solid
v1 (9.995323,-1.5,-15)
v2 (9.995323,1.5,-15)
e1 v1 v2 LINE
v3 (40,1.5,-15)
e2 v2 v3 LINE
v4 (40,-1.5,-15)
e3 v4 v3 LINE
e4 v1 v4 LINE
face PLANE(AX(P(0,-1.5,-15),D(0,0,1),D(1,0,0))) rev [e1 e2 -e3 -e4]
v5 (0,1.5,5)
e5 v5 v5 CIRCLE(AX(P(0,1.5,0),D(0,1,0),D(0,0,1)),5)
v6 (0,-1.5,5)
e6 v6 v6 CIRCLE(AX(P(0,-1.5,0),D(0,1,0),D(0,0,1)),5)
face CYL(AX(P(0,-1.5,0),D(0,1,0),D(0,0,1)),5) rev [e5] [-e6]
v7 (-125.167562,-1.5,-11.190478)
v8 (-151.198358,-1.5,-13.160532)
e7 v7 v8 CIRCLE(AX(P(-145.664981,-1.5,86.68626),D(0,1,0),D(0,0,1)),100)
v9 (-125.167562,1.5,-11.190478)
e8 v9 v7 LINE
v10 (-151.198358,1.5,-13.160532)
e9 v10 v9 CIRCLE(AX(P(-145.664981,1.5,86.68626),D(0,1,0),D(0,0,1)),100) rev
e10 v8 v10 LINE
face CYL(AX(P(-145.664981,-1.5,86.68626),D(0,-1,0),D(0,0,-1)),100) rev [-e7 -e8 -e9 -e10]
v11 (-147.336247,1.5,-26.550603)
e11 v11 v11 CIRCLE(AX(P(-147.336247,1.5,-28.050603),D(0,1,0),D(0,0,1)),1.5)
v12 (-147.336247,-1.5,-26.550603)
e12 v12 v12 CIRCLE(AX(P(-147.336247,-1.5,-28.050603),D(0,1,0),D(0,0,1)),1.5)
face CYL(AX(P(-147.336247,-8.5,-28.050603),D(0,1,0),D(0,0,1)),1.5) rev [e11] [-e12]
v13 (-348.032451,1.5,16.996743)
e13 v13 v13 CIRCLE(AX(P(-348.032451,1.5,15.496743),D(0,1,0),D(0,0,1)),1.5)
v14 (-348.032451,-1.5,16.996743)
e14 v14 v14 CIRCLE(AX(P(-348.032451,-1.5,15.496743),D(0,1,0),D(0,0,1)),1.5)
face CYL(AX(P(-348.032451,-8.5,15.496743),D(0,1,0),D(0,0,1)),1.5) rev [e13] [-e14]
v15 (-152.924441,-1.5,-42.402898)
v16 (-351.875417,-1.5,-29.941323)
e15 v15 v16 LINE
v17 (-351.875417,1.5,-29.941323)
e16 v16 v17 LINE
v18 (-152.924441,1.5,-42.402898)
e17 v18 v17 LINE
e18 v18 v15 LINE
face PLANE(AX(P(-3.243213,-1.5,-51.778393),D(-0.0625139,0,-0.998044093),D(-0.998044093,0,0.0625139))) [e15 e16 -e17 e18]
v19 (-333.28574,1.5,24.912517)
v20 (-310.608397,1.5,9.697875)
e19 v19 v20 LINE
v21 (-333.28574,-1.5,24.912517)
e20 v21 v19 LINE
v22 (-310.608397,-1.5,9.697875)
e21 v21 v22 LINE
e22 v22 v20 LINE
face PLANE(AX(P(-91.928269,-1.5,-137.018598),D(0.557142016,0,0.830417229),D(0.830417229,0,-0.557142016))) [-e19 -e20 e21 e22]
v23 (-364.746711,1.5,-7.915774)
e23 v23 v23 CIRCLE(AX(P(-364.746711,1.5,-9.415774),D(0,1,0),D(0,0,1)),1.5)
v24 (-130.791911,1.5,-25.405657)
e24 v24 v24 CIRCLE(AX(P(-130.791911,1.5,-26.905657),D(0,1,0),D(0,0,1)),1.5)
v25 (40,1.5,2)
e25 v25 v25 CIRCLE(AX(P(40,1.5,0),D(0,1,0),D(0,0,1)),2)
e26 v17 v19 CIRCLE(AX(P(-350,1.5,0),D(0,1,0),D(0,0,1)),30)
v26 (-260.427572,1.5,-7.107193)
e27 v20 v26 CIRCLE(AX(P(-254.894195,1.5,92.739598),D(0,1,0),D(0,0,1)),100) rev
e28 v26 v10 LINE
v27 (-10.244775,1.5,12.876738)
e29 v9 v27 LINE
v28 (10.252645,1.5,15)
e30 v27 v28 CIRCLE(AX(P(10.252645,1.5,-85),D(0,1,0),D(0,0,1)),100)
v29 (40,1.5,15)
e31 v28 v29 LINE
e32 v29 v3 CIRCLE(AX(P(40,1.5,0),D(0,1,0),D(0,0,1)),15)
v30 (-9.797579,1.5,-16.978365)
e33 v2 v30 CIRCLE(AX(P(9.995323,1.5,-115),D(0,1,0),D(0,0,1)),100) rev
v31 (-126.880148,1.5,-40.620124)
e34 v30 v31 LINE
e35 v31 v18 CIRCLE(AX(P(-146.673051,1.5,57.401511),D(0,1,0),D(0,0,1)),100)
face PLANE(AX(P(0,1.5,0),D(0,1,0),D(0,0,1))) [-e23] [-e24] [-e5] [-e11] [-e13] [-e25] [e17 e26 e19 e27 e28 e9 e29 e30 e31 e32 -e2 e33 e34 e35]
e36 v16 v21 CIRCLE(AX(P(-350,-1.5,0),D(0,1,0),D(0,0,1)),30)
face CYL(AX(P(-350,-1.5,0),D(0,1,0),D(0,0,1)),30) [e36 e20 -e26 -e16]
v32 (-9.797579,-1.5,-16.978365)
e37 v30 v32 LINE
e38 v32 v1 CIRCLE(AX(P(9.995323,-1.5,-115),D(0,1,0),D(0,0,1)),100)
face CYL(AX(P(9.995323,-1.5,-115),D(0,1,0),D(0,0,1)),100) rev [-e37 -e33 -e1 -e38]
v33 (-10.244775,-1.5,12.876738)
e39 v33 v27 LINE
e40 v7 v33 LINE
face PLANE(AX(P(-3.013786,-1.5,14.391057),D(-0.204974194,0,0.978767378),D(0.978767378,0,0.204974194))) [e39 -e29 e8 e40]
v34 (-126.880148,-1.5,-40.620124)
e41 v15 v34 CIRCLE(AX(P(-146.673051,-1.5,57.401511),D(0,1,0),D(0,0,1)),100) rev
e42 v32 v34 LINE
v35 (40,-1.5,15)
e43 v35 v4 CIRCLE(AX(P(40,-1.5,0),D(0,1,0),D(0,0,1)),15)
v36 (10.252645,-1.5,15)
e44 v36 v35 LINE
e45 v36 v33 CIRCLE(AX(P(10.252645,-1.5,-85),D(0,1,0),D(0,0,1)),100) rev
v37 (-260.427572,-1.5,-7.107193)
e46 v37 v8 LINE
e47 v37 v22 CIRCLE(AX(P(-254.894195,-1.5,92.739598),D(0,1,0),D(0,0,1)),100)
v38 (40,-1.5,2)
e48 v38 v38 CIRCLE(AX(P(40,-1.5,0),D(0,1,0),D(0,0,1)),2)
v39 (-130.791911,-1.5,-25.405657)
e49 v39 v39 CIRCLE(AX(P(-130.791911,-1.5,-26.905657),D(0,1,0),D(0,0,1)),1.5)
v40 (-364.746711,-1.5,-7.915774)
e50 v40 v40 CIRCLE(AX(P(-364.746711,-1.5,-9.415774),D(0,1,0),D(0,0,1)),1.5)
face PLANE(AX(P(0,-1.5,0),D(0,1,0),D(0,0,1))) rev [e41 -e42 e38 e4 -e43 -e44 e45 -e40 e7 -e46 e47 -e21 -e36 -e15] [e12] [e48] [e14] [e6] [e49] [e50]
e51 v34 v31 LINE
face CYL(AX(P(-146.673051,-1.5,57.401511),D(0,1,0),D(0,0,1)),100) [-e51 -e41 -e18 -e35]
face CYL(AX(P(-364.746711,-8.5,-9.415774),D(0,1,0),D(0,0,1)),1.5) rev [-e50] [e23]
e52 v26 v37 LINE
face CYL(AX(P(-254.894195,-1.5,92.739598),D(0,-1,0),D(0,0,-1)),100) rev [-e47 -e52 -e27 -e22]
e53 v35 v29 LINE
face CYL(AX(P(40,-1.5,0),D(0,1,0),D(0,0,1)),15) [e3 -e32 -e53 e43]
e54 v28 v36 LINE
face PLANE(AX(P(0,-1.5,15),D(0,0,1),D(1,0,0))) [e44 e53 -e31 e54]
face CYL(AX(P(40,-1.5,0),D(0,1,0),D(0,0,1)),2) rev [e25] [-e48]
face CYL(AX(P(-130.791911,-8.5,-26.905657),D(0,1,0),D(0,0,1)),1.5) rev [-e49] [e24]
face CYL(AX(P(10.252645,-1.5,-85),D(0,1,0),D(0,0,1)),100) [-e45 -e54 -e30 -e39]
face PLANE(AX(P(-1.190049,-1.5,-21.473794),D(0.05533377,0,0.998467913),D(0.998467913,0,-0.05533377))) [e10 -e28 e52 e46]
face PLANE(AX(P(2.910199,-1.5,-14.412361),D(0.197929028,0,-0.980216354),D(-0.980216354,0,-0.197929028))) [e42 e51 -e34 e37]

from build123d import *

# Parameters (mm, degrees)
BOSS_EXTRUDE1_DEPTH      = 1.5
BOSS_EXTRUDE1_DEPTH_BACK = 1.5
SKETCH1_R                = 5
SKETCH1_R_2              = 2
FILLET1_R                = 100
SKETCH2_R                = 1.5
CUT_EXTRUDE1_DEPTH       = 10


with BuildPart() as part:
    # Sketch1 → Boss-Extrude1 (new, two sides: drawn at the far end of the back side and taken through both)
    with BuildSketch(Plane(origin=(0, 0, 0), x_dir=(1, 0, 0), z_dir=(0, 1, 0)).offset(-BOSS_EXTRUDE1_DEPTH_BACK)):
        with BuildLine():
            Line((-138.053278996, 13.889014505), (-5.919683, -13.782501703))
            Line((-5.919683, -13.782501703), (0, -15))
            Line((0, -15), (40, -15))
            ThreePointArc((40, -15), (55, 0), (40, 15))
            Line((40, 15), (0, 15))
            Line((0, 15), (-139.784941349, 43.225909045))
            Line((-139.784941349, 43.225909045), (-351.875415017, 29.941322925))
            ThreePointArc((-351.875415017, 29.941322925), (-378.412739548, -9.628926804), (-333.285739517, -24.912516864))
            Line((-333.285739517, -24.912516864), (-287.823465989, 5.588948968))
            Line((-287.823465989, 5.588948968), (-138.053278996, 13.889014505))
        make_face()
        Circle(SKETCH1_R, mode=Mode.SUBTRACT)
        with Locations((40, 0)):
            Circle(SKETCH1_R_2, mode=Mode.SUBTRACT)
    extrude(amount=BOSS_EXTRUDE1_DEPTH + BOSS_EXTRUDE1_DEPTH_BACK)

    # Fillet1
    fillet1_edges = [part.edges().sort_by_distance(p)[0] for p in [
        (0, 0, -15),
        (-139.784941349, 0, -43.225909045),
        (-138.053278996, 0, -13.889014505),
        (-287.823465989, 0, -5.588948968),
        (0, 0, 15),
    ]]
    fillet(fillet1_edges, radius=FILLET1_R)

    # Sketch2 → Cut-Extrude1 (cut)
    with BuildSketch(Plane(origin=(0, 1.5, 0), x_dir=(1, 0, 0), z_dir=(0, 1, 0))):
        with Locations((-147.336246923, 28.050603479)):
            Circle(SKETCH2_R)
        with Locations((-130.791911053, 26.905656844)):
            Circle(SKETCH2_R)
        with Locations((-364.746711272, 9.415773639)):
            Circle(SKETCH2_R)
        with Locations((-348.032450789, -15.496743225)):
            Circle(SKETCH2_R)
    extrude(amount=-CUT_EXTRUDE1_DEPTH, mode=Mode.SUBTRACT)


solid = part.part
